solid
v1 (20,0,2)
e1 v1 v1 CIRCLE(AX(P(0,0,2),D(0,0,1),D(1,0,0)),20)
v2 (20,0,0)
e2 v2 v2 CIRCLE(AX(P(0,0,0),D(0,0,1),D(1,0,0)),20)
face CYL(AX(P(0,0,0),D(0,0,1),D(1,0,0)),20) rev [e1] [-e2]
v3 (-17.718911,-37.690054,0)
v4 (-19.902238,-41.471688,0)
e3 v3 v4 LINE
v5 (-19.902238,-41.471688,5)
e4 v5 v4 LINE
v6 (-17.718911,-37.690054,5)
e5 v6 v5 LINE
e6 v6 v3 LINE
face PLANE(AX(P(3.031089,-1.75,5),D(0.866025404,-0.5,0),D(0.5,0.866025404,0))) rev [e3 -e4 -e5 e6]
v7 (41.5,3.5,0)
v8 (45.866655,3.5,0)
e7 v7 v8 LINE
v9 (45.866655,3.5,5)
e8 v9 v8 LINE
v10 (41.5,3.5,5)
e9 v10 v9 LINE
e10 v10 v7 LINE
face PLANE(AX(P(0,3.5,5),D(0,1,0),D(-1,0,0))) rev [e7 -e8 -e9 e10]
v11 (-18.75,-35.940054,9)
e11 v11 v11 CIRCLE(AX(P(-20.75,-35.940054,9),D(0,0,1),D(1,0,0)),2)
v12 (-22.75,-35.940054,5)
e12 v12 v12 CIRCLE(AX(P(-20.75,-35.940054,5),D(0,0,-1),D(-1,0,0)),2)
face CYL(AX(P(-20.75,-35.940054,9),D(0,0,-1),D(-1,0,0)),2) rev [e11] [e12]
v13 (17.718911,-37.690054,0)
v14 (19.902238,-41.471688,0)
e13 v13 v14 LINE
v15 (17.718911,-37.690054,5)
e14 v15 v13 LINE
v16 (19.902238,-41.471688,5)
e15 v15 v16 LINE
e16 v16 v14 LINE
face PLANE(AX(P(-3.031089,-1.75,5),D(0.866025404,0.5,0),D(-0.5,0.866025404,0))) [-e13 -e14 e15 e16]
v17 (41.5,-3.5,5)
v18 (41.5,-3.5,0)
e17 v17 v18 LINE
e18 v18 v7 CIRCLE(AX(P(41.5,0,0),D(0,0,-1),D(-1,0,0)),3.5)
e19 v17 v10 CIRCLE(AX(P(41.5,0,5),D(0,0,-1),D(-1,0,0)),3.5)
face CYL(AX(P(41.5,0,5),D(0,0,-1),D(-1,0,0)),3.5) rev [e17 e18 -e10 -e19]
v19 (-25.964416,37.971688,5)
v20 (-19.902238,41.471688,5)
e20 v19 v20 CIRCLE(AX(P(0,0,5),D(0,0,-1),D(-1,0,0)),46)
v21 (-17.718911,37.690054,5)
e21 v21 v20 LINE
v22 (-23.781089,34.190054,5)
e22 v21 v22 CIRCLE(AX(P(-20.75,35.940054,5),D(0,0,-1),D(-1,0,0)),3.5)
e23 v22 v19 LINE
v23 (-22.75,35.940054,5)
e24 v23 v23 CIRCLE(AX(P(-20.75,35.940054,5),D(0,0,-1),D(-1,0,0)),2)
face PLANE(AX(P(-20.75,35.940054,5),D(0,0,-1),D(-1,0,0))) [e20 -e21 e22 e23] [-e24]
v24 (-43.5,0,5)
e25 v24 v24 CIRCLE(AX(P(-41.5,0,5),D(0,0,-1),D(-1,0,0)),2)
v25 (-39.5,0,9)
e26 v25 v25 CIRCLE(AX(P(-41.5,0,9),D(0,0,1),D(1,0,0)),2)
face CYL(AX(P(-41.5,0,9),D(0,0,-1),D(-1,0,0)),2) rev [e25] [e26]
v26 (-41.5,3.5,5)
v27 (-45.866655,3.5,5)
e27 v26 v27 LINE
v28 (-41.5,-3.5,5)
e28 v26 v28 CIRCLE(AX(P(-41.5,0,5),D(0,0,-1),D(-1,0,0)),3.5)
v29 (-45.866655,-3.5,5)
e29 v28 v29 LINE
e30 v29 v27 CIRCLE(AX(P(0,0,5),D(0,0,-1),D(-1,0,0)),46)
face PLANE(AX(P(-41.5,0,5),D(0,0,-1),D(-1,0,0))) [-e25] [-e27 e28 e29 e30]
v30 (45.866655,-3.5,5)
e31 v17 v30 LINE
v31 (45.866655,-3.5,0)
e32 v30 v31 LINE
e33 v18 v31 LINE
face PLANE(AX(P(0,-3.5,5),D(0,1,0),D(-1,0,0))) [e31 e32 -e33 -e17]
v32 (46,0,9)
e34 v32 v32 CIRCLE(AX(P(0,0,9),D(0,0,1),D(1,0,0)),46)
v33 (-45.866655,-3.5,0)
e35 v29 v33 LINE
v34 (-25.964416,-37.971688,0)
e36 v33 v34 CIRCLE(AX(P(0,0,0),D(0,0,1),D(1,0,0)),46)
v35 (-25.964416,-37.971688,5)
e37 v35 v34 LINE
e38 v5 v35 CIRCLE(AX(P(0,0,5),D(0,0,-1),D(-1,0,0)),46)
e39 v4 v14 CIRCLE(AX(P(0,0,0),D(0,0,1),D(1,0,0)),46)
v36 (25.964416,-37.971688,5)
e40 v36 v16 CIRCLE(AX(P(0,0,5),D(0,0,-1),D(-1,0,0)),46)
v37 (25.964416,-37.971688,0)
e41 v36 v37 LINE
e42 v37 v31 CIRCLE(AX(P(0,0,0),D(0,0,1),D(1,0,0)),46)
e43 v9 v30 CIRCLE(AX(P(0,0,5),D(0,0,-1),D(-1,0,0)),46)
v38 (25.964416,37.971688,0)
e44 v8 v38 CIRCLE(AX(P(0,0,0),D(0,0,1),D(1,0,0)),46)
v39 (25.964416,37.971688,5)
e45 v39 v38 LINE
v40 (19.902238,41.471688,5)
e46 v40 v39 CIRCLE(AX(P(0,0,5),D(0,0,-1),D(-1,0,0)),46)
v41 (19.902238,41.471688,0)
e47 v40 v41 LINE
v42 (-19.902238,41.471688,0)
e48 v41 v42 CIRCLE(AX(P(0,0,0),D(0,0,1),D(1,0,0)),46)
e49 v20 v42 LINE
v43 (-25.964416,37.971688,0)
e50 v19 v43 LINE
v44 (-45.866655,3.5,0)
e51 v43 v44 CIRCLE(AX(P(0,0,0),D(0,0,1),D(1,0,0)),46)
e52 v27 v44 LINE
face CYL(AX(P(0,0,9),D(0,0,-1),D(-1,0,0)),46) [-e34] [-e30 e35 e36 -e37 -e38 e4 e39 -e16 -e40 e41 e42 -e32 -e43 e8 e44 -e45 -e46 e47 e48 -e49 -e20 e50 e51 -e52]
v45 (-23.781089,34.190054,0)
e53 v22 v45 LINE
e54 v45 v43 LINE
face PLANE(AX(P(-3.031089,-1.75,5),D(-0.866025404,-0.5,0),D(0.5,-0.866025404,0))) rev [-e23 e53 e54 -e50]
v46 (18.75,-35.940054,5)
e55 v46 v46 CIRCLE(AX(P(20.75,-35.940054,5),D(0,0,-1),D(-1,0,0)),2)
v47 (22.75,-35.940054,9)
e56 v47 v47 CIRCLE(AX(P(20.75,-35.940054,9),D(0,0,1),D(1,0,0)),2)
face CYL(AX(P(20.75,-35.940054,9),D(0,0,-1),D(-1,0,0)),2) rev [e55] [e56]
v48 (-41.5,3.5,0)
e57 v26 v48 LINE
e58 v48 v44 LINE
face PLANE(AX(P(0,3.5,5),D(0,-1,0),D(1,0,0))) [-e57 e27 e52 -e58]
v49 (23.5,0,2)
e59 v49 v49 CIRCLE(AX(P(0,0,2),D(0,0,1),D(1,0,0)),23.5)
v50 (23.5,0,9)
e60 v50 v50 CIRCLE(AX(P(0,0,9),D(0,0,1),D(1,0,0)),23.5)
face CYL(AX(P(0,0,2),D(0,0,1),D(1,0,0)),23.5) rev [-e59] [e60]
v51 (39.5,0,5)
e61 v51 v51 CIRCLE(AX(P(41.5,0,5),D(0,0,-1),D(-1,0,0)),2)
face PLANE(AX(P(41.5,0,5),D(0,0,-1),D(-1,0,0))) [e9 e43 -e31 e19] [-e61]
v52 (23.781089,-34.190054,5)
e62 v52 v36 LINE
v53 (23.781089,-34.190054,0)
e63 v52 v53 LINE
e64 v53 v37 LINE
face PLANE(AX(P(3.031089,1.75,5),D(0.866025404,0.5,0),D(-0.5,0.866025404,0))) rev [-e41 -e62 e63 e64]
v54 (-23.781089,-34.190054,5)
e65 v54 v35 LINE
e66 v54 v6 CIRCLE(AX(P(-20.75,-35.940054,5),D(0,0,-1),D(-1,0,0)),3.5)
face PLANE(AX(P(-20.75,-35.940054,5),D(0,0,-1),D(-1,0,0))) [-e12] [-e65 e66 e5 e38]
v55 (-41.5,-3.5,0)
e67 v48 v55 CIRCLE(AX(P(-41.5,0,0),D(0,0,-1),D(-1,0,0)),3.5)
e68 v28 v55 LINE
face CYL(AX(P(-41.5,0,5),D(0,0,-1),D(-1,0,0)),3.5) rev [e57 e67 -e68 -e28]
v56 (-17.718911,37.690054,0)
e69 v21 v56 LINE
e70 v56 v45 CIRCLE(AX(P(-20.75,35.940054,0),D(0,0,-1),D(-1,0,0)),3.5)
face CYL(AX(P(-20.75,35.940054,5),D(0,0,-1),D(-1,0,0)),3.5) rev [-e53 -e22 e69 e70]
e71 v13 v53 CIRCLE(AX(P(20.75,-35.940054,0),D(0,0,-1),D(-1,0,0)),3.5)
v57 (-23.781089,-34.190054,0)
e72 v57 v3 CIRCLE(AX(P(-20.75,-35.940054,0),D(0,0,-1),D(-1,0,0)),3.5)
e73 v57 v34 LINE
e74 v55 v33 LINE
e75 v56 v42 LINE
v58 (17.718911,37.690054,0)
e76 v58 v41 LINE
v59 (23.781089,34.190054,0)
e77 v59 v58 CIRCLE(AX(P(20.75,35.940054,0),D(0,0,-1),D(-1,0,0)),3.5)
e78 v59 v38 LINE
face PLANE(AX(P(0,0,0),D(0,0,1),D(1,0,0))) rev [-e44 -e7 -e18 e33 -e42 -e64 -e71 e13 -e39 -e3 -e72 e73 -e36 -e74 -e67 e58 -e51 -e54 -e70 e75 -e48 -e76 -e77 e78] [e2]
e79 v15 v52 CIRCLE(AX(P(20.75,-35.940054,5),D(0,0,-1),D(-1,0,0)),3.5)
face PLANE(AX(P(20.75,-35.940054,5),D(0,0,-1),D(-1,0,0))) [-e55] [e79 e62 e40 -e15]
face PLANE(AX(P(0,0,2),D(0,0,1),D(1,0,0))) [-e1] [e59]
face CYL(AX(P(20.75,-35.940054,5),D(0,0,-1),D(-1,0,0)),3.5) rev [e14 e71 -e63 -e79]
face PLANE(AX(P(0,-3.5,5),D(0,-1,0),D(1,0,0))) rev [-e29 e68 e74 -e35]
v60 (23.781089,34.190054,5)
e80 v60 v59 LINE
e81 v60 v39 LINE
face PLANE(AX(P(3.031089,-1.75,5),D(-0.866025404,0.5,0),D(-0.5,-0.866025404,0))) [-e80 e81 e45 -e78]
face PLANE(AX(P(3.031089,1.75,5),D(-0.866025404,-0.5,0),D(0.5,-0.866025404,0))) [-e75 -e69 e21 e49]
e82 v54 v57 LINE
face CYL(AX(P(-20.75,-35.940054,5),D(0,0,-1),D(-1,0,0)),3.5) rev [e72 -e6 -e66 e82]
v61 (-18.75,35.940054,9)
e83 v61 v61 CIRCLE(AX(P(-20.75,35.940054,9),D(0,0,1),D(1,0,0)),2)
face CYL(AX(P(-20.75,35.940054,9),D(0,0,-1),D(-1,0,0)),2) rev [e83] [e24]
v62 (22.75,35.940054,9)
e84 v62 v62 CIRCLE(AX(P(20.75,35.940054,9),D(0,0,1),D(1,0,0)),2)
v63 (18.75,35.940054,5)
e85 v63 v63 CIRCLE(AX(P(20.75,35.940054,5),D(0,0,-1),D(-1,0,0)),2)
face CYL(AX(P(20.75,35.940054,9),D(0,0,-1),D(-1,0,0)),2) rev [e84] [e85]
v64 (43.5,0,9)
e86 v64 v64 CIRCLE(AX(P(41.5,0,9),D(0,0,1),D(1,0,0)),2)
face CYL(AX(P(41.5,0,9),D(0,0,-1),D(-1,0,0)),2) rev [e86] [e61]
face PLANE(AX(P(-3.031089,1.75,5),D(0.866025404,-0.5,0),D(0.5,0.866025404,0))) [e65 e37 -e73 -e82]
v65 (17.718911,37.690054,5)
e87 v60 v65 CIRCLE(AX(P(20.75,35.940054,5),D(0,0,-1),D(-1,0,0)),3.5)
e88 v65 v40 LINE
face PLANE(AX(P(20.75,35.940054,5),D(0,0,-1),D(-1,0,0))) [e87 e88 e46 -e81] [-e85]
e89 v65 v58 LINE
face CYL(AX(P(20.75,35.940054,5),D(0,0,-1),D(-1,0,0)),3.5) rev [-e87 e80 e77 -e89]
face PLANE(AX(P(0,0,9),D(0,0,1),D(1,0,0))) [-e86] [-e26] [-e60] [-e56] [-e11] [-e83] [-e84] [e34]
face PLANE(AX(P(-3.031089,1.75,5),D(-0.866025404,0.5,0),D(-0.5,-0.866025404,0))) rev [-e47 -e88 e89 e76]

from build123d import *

# Parameters (mm, degrees)
SKETCH1_R           = 46
SKETCH1_R_2         = 2
BOSS_EXTRUDE1_DEPTH = 9
SKETCH2_R           = 23.5
CUT_EXTRUDE1_DEPTH  = 7
SKETCH3_R           = 20
CUT_EXTRUDE2_DEPTH  = 66.429351212
SKETCH4_R           = 3.5
CUT_EXTRUDE3_DEPTH  = 5
CUT_EXTRUDE4_DEPTH  = 5


with BuildPart() as part:
    # Sketch1 → Boss-Extrude1 (new body)
    with BuildSketch(Plane.XY):
        Circle(SKETCH1_R)
        with Locations((41.5, 0)):
            Circle(SKETCH1_R_2, mode=Mode.SUBTRACT)
        with Locations((20.75, -35.940054257)):
            Circle(SKETCH1_R_2, mode=Mode.SUBTRACT)
        with Locations((-20.75, -35.940054257)):
            Circle(SKETCH1_R_2, mode=Mode.SUBTRACT)
        with Locations((-41.5, 0)):
            Circle(SKETCH1_R_2, mode=Mode.SUBTRACT)
        with Locations((-20.75, 35.940054257)):
            Circle(SKETCH1_R_2, mode=Mode.SUBTRACT)
        with Locations((20.75, 35.940054257)):
            Circle(SKETCH1_R_2, mode=Mode.SUBTRACT)
    extrude(amount=BOSS_EXTRUDE1_DEPTH)

    # Sketch2 → Cut-Extrude1 (cut)
    with BuildSketch(Plane.XY.offset(9)):
        Circle(SKETCH2_R)
    extrude(amount=-CUT_EXTRUDE1_DEPTH, mode=Mode.SUBTRACT)

    # Sketch3 → Cut-Extrude2 (cut, through all)
    with BuildSketch(Plane.XY.offset(2)):
        Circle(SKETCH3_R)
    extrude(amount=-CUT_EXTRUDE2_DEPTH, mode=Mode.SUBTRACT)

    # Sketch4 → Cut-Extrude3 (cut)
    with BuildSketch(Plane(origin=(0, 0, 0), x_dir=(-1, 0, 0), z_dir=(0, 0, -1))):
        with Locations((-20.75, 35.940054257)):
            Circle(SKETCH4_R)
        with Locations((20.75, 35.940054257)):
            Circle(SKETCH4_R)
        with Locations((41.5, 0)):
            Circle(SKETCH4_R)
        with Locations((20.75, -35.940054257)):
            Circle(SKETCH4_R)
        with Locations((-20.75, -35.940054257)):
            Circle(SKETCH4_R)
        with Locations((-41.5, 0)):
            Circle(SKETCH4_R)
    extrude(amount=-CUT_EXTRUDE3_DEPTH, mode=Mode.SUBTRACT)

    # Sketch5 → Cut-Extrude4 (cut)
    with BuildSketch(Plane(origin=(0, 0, 0), x_dir=(-1, 0, 0), z_dir=(0, 0, -1))):
        with BuildLine():
            ThreePointArc((-23.781088913, 34.190054257), (-22.5, 38.97114317), (-17.718911087, 37.690054257))
            Line((-17.718911087, 37.690054257), (-19.902238364, 41.471688031))
            ThreePointArc((-19.902238364, 41.471688031), (-23, 39.837168574), (-25.96441619, 37.971688031))
            Line((-25.96441619, 37.971688031), (-23.781088913, 34.190054257))
        make_face()
        with BuildLine():
            ThreePointArc((25.96441619, 37.971688031), (23, 39.837168574), (19.902238364, 41.471688031))
            Line((19.902238364, 41.471688031), (17.718911087, 37.690054257))
            ThreePointArc((17.718911087, 37.690054257), (22.5, 38.97114317), (23.781088913, 34.190054257))
            Line((23.781088913, 34.190054257), (25.96441619, 37.971688031))
        make_face()
        with BuildLine():
            Line((-41.5, 3.5), (-45.866654554, 3.5))
            ThreePointArc((-45.866654554, 3.5), (-46, 0), (-45.866654554, -3.5))
            Line((-45.866654554, -3.5), (-41.5, -3.5))
            ThreePointArc((-41.5, -3.5), (-45, 0), (-41.5, 3.5))
        make_face()
        with BuildLine():
            ThreePointArc((45.866654554, -3.5), (46, 0), (45.866654554, 3.5))
            Line((45.866654554, 3.5), (41.5, 3.5))
            ThreePointArc((41.5, 3.5), (45, 0), (41.5, -3.5))
            Line((41.5, -3.5), (45.866654554, -3.5))
        make_face()
        with BuildLine():
            Line((-23.781088913, -34.190054257), (-25.96441619, -37.971688031))
            ThreePointArc((-25.96441619, -37.971688031), (-23, -39.837168574), (-19.902238364, -41.471688031))
            Line((-19.902238364, -41.471688031), (-17.718911087, -37.690054257))
            ThreePointArc((-17.718911087, -37.690054257), (-22.5, -38.97114317), (-23.781088913, -34.190054257))
        make_face()
        with BuildLine():
            Line((17.718911087, -37.690054257), (19.902238364, -41.471688031))
            ThreePointArc((19.902238364, -41.471688031), (23, -39.837168574), (25.96441619, -37.971688031))
            Line((25.96441619, -37.971688031), (23.781088913, -34.190054257))
            ThreePointArc((23.781088913, -34.190054257), (22.5, -38.97114317), (17.718911087, -37.690054257))
        make_face()
    extrude(amount=-CUT_EXTRUDE4_DEPTH, mode=Mode.SUBTRACT)


solid = part.part
